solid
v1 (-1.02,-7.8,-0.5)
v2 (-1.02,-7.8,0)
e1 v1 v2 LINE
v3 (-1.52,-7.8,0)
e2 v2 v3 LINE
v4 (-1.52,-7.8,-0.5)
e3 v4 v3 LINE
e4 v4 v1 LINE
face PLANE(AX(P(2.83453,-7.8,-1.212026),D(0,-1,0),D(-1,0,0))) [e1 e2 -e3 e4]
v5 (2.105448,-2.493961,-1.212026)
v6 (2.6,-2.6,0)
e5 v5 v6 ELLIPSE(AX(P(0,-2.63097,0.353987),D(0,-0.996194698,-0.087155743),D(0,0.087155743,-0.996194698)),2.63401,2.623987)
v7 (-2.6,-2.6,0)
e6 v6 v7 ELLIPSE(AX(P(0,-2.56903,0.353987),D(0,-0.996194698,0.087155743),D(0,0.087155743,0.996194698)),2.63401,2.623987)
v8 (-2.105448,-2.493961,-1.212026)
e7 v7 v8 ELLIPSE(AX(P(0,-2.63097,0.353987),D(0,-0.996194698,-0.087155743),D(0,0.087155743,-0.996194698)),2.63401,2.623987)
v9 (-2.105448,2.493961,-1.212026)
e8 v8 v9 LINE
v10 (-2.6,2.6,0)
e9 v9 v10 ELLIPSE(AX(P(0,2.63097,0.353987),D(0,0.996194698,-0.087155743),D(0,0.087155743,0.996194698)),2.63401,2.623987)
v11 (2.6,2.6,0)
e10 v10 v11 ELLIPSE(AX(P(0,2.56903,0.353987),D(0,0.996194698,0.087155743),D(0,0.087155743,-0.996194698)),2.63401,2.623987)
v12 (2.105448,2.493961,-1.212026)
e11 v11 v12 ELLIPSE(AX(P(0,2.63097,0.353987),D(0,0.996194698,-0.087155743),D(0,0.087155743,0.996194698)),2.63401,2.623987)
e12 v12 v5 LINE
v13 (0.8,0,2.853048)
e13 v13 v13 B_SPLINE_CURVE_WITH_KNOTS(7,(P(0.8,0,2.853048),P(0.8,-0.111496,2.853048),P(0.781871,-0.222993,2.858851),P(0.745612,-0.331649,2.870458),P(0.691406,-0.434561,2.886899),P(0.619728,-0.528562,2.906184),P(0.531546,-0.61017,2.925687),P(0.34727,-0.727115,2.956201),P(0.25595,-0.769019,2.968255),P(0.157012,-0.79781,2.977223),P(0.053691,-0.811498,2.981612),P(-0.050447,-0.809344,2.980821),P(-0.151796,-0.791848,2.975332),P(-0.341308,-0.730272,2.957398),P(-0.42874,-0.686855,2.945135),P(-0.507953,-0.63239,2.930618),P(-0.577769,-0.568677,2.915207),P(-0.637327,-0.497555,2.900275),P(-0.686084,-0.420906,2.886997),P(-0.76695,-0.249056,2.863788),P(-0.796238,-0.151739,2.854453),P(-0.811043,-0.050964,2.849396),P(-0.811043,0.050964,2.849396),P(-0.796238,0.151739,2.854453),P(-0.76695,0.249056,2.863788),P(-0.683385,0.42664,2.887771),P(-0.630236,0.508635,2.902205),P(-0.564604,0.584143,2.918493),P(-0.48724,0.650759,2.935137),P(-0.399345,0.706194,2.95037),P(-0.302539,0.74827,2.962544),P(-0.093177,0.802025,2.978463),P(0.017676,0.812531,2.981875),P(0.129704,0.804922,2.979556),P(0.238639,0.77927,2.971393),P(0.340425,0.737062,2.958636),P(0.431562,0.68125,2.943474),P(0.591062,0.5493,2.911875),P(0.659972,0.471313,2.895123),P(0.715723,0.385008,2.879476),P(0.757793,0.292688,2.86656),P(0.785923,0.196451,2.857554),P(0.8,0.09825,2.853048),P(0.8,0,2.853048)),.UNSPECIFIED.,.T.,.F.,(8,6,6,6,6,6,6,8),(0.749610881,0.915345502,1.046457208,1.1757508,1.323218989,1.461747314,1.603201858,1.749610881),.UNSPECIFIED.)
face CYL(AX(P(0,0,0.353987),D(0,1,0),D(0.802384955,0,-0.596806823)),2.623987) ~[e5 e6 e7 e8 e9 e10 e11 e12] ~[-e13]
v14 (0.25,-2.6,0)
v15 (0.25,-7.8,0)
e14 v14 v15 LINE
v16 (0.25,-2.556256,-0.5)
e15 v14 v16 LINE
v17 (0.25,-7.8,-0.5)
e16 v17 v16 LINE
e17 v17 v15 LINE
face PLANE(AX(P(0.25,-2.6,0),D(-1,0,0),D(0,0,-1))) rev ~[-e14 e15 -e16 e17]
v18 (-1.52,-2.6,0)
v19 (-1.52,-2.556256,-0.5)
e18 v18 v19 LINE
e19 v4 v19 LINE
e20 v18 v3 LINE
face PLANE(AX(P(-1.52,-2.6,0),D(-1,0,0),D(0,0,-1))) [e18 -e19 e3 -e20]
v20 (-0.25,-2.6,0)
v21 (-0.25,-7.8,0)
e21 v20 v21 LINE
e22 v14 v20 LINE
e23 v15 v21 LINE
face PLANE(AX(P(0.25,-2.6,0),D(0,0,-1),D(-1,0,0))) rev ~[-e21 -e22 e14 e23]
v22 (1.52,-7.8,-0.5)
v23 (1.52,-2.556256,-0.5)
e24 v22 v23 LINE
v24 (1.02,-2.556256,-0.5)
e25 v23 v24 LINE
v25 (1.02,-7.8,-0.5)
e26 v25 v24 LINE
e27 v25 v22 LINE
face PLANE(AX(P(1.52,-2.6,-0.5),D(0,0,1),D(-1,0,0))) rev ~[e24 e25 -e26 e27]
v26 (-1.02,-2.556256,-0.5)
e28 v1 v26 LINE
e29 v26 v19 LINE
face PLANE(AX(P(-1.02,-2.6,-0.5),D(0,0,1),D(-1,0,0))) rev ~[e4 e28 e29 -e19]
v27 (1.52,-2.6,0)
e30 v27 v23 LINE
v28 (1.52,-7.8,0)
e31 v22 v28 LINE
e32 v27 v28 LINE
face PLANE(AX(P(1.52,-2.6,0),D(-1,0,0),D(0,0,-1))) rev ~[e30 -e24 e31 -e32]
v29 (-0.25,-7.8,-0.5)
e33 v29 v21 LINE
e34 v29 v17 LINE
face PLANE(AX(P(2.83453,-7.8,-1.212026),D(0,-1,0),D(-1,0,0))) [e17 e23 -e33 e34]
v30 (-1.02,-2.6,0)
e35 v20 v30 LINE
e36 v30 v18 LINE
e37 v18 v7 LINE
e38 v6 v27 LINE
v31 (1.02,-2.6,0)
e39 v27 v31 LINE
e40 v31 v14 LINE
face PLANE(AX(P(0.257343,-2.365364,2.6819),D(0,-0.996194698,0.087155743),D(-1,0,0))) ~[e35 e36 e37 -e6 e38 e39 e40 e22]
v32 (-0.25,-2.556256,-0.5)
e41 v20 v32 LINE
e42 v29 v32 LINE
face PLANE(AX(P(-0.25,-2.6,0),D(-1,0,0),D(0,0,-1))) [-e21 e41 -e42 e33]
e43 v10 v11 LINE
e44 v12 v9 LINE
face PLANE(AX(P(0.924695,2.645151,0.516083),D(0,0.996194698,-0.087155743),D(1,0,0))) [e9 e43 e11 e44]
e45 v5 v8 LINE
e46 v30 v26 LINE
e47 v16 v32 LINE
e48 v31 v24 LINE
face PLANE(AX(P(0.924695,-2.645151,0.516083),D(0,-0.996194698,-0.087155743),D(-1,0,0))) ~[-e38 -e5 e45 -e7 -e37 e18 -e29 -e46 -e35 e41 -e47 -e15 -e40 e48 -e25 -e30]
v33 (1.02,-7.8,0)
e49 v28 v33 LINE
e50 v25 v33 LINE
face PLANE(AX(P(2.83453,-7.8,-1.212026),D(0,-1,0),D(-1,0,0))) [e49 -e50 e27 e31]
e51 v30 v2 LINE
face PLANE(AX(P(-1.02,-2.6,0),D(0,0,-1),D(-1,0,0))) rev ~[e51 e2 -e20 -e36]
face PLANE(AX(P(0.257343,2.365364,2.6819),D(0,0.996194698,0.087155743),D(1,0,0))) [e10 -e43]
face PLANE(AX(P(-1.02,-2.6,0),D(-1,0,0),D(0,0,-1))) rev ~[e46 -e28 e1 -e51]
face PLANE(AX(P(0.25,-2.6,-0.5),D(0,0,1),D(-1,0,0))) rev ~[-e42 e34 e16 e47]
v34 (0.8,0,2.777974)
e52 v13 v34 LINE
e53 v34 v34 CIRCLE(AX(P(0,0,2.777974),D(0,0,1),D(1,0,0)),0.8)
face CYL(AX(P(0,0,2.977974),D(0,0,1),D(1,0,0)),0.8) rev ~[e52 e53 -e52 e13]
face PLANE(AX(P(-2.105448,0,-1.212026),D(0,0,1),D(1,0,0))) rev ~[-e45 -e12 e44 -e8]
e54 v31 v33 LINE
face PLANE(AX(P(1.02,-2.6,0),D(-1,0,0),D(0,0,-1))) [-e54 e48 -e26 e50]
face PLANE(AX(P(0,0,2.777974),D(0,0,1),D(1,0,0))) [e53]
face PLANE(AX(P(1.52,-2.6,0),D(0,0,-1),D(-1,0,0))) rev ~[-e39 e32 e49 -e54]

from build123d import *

# Parameters (mm, degrees)
BOSS_EXTRUDE1_DEPTH             = 2.6
SKETCH5_W                       = 11.826356456
SKETCH5_H                       = 5.621169426
CUT_EXTRUDE2_DEPTH              = 7.632050589
SKETCH6_W                       = 11.690711404
SKETCH6_H                       = 7.254613366
CUT_EXTRUDE3_DEPTH              = 5.2
SKETCH7_W                       = 0.5
SKETCH7_H                       = 0.5
BOSS_EXTRUDE2_DEPTH             = 12.7
BOSS_EXTRUDE2_DIRECTION_2_REACH = 8.542
SKETCH8_R                       = 0.8
CUT_EXTRUDE4_DEPTH              = 0.2
SKETCH10_W                      = 6.769382977
SKETCH10_H                      = 8.778669798
CUT_EXTRUDE5_DEPTH              = 17.078911904


with BuildPart() as part:
    # Sketch2 → Boss-Extrude1 (new, symmetric)
    with BuildSketch(Plane(origin=(0, 0, 0), x_dir=(1, 0, 0), z_dir=(0, 1, 0))):
        with BuildLine():
            Line((-2.105447518, 1.212026432), (2.105447518, 1.212026432))
            ThreePointArc((2.105447518, 1.212026432), (0, -2.977973568), (-2.105447518, 1.212026432))
        make_face()
    extrude(amount=BOSS_EXTRUDE1_DEPTH, both=True)

    # Sketch5 → Cut-Extrude2 (cut, through all)
    with BuildSketch(Plane(origin=(0, 2.580250079, -0.225742631), x_dir=(1, 0, 0), z_dir=(0, 0.9961946980917455, -0.08715574274765836))):
        with Locations((0.924694538, -0.744658901)):
            Rectangle(SKETCH5_W, SKETCH5_H)
    cut_extrude2 = extrude(amount=CUT_EXTRUDE2_DEPTH, mode=Mode.SUBTRACT)

    # Sketch6 → Cut-Extrude3 (cut)
    with BuildSketch(Plane(origin=(0, 2.580250079, 0.225742631), x_dir=(1, 0, 0), z_dir=(0, 0.9961946980917467, 0.08715574274764504))):
        with Locations((0.257342704, -2.465539164)):
            Rectangle(SKETCH6_W, SKETCH6_H)
    cut_extrude3 = extrude(amount=CUT_EXTRUDE3_DEPTH, mode=Mode.SUBTRACT)

    # Mirror1: Cut-Extrude2, Cut-Extrude3 across plane
    add(cut_extrude2.mirror(Plane.ZX), mode=Mode.SUBTRACT)
    add(cut_extrude3.mirror(Plane.ZX), mode=Mode.SUBTRACT)

    # Sketch7 → Boss-Extrude2 (add)
    with BuildSketch(Plane(origin=(0, -2.6, 0), x_dir=(-1, 0, 0), z_dir=(0, -1, 0))):
        with Locations((-1.27, 0.25)):
            Rectangle(SKETCH7_W, SKETCH7_H)
        with Locations((0, 0.25)):
            Rectangle(SKETCH7_W, SKETCH7_H)
        with Locations((1.27, 0.25)):
            Rectangle(SKETCH7_W, SKETCH7_H)
    extrude(amount=BOSS_EXTRUDE2_DEPTH)

    # Sketch7 → Boss-Extrude2 direction 2 (add, up to next)
    with BuildSketch(Plane(origin=(0, -2.6, 0), x_dir=(-1, 0, 0), z_dir=(0, -1, 0)), mode=Mode.PRIVATE) as boss_extrude2_direction_2_sk1:
        with Locations((-1.27, 0.25)):
            Rectangle(SKETCH7_W, SKETCH7_H)
    boss_extrude2_direction_2_tool1 = extrude(boss_extrude2_direction_2_sk1.sketch, amount=-BOSS_EXTRUDE2_DIRECTION_2_REACH, mode=Mode.PRIVATE) - part.part
    # Sketch7 → Boss-Extrude2 direction 2 (add, up to next)
    with BuildSketch(Plane(origin=(0, -2.6, 0), x_dir=(-1, 0, 0), z_dir=(0, -1, 0)), mode=Mode.PRIVATE) as boss_extrude2_direction_2_sk2:
        with Locations((0, 0.25)):
            Rectangle(SKETCH7_W, SKETCH7_H)
    boss_extrude2_direction_2_tool2 = extrude(boss_extrude2_direction_2_sk2.sketch, amount=-BOSS_EXTRUDE2_DIRECTION_2_REACH, mode=Mode.PRIVATE) - part.part
    # Sketch7 → Boss-Extrude2 direction 2 (add, up to next)
    with BuildSketch(Plane(origin=(0, -2.6, 0), x_dir=(-1, 0, 0), z_dir=(0, -1, 0)), mode=Mode.PRIVATE) as boss_extrude2_direction_2_sk3:
        with Locations((1.27, 0.25)):
            Rectangle(SKETCH7_W, SKETCH7_H)
    boss_extrude2_direction_2_tool3 = extrude(boss_extrude2_direction_2_sk3.sketch, amount=-BOSS_EXTRUDE2_DIRECTION_2_REACH, mode=Mode.PRIVATE) - part.part
    add(boss_extrude2_direction_2_tool1.solids().sort_by_distance((1.27, -2.6, -0.25))[0])
    add(boss_extrude2_direction_2_tool2.solids().sort_by_distance((0, -2.6, -0.25))[0])
    add(boss_extrude2_direction_2_tool3.solids().sort_by_distance((-1.27, -2.6, -0.25))[0])

    # Sketch8 → Cut-Extrude4 (cut)
    with BuildSketch(Plane.XY.offset(2.977973568)):
        Circle(SKETCH8_R)
    extrude(amount=-CUT_EXTRUDE4_DEPTH, mode=Mode.SUBTRACT)

    # Sketch10 → Cut-Extrude5 (cut, through all)
    with BuildSketch(Plane(origin=(0, 0, -1.212026432), x_dir=(-1, 0, 0), z_dir=(0, 0, -1))):
        with Locations((0.550161867, -12.189334899)):
            Rectangle(SKETCH10_W, SKETCH10_H)
    extrude(amount=-CUT_EXTRUDE5_DEPTH, mode=Mode.SUBTRACT)


solid = part.part
